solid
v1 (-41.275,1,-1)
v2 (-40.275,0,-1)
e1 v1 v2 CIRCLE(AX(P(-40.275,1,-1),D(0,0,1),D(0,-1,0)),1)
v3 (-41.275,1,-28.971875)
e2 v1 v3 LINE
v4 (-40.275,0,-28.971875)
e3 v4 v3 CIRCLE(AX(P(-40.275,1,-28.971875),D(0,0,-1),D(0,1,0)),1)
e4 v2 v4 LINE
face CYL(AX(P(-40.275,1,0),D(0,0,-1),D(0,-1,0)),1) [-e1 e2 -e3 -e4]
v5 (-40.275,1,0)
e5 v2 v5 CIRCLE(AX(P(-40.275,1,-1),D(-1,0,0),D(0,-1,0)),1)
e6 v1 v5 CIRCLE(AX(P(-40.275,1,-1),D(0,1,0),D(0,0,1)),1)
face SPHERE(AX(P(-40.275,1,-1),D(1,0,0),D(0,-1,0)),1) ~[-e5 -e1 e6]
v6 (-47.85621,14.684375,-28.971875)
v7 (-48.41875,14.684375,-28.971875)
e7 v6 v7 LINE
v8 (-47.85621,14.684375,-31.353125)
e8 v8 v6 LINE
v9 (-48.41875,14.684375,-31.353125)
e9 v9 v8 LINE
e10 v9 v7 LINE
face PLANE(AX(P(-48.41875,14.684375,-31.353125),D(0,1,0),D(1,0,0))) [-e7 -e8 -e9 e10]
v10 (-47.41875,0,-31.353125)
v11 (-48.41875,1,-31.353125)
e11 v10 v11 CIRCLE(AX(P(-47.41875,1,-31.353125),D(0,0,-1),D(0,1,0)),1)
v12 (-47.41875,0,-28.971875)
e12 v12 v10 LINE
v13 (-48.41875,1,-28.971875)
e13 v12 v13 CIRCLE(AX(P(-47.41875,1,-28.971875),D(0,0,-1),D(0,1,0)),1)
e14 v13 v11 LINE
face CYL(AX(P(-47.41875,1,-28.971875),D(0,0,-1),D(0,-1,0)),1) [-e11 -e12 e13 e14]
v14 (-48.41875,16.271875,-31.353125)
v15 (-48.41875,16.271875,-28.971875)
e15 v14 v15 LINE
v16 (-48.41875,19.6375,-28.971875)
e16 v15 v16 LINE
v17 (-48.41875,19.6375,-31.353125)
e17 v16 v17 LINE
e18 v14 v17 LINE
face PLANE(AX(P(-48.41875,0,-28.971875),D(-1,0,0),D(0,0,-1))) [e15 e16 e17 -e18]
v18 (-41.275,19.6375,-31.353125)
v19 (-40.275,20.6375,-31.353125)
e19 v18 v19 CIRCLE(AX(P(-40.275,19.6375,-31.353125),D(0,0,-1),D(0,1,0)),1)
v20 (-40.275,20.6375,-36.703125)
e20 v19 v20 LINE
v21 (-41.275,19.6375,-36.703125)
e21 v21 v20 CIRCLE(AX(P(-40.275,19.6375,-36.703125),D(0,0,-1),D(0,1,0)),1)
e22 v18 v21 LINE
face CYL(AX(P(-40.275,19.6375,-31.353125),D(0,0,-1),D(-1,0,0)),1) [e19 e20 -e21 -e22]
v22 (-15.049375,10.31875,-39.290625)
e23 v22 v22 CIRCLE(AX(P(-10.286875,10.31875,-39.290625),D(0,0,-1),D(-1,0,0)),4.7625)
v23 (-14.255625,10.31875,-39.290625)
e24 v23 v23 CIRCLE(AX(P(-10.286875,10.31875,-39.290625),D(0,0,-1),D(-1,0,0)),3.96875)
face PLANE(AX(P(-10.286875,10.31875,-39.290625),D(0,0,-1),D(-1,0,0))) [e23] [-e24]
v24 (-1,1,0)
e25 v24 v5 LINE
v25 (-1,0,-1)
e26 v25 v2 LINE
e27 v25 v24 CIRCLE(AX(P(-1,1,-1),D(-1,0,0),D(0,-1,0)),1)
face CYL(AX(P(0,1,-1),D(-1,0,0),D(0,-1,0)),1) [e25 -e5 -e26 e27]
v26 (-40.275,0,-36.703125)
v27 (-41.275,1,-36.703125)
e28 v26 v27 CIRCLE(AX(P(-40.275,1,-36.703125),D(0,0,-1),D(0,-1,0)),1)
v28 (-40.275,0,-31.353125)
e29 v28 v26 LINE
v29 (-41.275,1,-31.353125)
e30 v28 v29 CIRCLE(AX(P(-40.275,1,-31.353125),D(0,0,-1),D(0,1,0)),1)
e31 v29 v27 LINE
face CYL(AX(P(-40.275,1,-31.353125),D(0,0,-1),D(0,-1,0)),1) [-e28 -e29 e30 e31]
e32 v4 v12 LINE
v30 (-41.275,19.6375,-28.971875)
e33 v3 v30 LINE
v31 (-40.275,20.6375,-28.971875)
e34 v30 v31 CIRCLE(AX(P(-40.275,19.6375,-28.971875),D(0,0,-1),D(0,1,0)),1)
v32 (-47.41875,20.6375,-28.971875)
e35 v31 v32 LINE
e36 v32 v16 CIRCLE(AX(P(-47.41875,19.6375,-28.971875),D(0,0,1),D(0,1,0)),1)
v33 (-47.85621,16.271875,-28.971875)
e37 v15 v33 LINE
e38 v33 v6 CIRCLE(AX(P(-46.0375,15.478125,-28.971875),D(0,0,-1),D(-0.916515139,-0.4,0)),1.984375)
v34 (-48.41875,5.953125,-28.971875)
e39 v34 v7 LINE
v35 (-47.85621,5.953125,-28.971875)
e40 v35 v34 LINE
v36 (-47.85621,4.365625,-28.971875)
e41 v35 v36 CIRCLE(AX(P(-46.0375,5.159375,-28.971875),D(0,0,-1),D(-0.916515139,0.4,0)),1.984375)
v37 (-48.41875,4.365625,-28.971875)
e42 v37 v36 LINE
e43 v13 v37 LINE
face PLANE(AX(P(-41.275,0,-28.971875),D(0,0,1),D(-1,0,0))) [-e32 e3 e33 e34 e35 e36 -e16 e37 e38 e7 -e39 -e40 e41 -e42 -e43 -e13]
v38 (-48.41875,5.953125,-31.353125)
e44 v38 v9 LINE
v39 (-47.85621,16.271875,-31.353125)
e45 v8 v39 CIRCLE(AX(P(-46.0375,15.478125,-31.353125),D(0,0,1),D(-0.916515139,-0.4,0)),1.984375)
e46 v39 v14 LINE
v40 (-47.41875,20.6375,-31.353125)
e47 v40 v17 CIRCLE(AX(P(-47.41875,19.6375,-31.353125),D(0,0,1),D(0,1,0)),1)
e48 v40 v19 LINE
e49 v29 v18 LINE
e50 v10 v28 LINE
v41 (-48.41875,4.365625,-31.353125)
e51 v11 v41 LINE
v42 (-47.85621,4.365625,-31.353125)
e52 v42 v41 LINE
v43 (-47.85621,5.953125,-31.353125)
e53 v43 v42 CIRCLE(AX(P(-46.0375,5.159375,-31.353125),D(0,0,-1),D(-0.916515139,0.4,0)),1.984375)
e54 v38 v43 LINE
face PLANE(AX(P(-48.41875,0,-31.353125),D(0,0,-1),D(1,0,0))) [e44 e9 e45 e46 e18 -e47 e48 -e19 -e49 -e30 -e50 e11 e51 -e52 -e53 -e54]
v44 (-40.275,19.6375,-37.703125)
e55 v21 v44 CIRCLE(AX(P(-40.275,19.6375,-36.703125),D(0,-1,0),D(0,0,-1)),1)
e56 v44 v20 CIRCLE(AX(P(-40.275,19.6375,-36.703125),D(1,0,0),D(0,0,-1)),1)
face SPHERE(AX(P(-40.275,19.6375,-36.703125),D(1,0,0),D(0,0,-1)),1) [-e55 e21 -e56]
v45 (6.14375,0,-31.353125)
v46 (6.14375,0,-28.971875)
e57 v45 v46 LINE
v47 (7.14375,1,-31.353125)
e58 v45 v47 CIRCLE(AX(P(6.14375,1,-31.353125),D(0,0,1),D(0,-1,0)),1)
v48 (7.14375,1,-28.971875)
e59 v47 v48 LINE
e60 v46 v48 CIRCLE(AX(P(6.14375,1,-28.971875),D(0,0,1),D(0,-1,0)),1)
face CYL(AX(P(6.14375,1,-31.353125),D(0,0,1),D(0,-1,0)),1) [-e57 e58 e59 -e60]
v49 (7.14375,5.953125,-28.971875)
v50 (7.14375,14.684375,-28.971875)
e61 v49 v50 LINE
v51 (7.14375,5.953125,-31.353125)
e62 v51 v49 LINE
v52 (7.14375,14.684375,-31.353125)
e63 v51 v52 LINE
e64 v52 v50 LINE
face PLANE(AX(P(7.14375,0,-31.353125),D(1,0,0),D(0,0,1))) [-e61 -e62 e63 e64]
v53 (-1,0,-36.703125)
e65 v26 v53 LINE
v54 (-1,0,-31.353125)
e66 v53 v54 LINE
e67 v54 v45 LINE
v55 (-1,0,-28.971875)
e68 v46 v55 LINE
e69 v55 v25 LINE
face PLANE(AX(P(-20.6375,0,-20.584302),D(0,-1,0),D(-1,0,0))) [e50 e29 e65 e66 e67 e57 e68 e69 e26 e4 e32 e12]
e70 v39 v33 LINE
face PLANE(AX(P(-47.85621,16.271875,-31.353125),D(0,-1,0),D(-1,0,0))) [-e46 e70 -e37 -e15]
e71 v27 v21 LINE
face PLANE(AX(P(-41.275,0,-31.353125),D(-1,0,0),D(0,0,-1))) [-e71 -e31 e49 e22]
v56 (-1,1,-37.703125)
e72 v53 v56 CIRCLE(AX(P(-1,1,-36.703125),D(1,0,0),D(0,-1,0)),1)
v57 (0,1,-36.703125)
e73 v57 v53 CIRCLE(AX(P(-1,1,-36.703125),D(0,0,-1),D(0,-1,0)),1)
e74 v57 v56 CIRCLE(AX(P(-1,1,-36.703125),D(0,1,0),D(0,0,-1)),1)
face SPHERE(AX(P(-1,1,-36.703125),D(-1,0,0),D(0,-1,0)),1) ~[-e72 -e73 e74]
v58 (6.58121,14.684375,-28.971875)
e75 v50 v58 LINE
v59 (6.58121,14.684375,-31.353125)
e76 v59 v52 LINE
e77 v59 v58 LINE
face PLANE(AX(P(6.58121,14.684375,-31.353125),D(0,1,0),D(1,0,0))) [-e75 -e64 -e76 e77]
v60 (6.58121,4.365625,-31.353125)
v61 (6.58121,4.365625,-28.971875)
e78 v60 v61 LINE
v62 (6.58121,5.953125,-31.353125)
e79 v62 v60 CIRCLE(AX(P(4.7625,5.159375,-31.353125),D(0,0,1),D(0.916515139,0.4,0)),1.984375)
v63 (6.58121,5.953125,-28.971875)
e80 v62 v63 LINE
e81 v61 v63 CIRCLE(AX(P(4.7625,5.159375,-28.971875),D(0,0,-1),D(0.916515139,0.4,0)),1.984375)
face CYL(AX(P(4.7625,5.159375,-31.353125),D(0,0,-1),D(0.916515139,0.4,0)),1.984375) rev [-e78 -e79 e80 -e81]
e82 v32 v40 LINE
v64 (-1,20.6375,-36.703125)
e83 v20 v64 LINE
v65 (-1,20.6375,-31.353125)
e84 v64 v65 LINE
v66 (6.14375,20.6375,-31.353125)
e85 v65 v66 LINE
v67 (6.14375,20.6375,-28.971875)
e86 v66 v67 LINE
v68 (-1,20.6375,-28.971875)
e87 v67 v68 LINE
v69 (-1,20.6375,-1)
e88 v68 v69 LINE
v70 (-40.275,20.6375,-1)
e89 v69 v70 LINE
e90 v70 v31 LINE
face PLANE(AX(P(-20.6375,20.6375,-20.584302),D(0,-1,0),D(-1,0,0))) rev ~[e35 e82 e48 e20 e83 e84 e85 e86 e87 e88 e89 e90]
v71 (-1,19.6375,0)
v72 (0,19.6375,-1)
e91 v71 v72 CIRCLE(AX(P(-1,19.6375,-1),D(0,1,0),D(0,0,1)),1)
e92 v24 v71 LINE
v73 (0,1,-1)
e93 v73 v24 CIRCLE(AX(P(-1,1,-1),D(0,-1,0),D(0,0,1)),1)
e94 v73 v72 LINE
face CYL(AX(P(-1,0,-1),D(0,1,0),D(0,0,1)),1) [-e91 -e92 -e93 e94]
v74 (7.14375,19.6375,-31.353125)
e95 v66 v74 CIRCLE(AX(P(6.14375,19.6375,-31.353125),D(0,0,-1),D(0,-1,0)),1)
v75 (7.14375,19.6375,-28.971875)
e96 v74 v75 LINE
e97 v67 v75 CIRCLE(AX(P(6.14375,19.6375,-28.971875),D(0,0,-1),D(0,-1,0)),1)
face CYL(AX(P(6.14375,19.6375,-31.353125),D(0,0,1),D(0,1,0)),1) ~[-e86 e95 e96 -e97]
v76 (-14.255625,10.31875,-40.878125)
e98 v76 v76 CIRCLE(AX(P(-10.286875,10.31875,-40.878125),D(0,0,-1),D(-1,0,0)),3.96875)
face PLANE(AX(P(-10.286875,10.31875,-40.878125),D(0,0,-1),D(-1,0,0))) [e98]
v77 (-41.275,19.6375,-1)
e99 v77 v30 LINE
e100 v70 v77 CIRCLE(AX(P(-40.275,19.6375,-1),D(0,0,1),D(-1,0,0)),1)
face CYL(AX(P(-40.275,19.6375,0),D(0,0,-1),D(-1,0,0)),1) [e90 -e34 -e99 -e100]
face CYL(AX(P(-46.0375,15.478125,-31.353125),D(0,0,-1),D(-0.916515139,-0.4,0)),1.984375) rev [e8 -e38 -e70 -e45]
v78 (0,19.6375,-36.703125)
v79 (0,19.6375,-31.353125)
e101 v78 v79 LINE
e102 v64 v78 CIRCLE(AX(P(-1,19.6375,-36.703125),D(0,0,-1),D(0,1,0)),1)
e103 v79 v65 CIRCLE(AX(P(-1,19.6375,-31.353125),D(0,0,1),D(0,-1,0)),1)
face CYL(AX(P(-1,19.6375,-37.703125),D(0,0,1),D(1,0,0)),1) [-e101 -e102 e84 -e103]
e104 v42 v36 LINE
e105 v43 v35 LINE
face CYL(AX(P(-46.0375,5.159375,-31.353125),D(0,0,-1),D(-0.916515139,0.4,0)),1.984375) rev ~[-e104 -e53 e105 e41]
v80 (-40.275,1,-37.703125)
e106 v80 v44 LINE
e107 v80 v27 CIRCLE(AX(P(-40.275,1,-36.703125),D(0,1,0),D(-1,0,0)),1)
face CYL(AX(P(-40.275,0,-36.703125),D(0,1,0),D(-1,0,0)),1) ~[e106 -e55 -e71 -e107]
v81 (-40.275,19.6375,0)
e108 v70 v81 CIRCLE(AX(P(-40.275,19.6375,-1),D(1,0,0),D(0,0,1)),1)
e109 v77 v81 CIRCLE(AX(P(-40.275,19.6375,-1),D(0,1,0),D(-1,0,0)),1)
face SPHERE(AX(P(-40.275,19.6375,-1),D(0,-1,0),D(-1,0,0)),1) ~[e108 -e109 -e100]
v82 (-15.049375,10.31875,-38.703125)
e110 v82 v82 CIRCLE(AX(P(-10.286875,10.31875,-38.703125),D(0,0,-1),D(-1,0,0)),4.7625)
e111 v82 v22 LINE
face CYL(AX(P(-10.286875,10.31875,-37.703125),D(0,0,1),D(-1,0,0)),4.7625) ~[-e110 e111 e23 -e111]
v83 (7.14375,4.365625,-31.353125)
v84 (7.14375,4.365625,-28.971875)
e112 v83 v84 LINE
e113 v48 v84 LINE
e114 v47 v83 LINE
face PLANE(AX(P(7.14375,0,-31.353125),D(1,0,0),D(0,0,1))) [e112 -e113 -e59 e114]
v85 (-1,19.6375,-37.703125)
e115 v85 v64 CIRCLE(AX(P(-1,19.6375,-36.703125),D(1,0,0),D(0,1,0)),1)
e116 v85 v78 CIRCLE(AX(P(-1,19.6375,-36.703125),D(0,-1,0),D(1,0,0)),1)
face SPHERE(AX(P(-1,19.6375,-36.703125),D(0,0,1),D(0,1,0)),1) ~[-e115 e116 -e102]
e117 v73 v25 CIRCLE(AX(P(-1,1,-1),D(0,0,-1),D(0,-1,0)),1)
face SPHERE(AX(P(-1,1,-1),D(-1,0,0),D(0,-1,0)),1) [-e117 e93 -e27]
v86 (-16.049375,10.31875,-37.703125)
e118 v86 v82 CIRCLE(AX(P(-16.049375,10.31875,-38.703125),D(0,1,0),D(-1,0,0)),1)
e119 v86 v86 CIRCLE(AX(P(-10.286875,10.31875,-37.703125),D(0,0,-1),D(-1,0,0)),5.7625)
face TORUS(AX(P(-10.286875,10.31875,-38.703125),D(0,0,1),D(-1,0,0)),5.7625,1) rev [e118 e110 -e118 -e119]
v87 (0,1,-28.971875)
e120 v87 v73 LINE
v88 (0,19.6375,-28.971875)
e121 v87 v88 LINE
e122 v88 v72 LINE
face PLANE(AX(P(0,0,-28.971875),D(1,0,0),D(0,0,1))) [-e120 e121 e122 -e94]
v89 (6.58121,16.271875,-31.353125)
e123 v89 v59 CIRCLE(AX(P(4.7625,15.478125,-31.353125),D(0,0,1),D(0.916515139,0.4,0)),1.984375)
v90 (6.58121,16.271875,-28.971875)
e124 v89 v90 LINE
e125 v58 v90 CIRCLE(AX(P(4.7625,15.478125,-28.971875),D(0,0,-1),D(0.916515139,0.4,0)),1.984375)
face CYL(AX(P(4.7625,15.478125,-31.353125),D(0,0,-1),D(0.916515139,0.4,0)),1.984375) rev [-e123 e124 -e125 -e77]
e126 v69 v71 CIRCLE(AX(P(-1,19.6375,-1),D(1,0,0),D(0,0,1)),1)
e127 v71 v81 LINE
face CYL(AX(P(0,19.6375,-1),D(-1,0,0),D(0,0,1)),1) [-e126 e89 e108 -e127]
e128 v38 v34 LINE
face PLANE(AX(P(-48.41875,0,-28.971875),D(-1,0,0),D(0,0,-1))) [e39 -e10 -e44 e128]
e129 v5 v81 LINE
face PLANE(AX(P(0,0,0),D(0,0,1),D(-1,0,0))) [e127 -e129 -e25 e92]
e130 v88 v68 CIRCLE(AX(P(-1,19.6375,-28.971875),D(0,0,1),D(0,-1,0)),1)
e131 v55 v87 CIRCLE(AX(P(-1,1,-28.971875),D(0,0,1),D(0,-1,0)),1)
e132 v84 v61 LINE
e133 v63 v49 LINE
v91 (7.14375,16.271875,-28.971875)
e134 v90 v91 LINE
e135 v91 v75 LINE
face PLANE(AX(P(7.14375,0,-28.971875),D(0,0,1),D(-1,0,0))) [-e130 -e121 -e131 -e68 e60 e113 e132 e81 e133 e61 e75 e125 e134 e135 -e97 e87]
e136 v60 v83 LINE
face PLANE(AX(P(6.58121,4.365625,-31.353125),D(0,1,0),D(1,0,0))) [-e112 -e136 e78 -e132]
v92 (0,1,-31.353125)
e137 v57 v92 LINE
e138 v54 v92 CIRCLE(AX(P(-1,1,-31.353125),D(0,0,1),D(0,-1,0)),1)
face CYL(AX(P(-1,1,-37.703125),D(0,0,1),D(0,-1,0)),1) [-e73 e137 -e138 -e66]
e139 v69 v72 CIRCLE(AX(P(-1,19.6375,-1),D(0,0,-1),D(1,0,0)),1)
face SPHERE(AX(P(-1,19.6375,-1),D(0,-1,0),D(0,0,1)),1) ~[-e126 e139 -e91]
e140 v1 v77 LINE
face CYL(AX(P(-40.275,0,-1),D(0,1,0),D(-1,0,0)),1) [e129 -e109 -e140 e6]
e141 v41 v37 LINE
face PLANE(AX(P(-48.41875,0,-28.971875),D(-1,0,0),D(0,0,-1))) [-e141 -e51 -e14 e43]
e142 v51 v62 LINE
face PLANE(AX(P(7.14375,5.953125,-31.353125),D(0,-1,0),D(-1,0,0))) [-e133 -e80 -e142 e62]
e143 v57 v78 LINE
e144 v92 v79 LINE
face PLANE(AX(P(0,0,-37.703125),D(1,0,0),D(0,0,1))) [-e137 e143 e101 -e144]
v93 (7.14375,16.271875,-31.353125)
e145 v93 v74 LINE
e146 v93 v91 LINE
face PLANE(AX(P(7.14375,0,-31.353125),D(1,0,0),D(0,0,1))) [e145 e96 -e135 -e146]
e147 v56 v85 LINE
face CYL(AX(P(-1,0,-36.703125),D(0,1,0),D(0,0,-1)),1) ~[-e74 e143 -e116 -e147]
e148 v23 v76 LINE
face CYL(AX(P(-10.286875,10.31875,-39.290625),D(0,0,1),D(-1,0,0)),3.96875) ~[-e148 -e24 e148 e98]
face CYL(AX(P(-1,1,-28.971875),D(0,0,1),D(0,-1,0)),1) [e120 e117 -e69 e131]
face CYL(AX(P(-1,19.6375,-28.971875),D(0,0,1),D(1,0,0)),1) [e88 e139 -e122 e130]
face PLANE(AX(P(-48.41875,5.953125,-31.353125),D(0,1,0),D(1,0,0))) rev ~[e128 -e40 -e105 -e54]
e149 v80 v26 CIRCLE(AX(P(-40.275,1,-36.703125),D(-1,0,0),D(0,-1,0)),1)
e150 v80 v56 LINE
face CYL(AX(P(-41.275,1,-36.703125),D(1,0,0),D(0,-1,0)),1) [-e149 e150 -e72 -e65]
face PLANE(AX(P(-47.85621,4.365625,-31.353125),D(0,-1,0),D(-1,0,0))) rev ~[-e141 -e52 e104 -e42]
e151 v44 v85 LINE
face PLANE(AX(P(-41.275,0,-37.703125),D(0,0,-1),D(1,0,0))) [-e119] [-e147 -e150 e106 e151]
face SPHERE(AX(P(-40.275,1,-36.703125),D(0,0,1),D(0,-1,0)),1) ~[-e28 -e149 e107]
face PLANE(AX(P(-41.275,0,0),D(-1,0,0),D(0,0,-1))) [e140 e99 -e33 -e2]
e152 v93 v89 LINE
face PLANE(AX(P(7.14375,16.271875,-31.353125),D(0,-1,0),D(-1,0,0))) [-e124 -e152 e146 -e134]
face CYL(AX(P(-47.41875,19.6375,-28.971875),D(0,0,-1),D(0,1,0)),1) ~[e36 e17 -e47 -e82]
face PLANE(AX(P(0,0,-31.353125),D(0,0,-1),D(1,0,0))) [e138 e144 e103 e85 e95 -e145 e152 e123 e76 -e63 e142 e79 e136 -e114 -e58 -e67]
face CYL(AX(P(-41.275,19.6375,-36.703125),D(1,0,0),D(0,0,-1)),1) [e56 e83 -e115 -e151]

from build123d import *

# Parameters (mm, degrees)
BOSS_EXTRUDE1_DEPTH = 20.6375
CUT_EXTRUDE1_DEPTH  = 32.353125
FILLET1_R           = 1
FILLET2_R           = 1
SKETCH3_R           = 4.7625
BOSS_EXTRUDE2_DEPTH = 1.5875
FILLET3_R           = 1
SKETCH4_R           = 3.96875
BOSS_EXTRUDE3_DEPTH = 1.5875


with BuildPart() as part:
    # Sketch1 → Boss-Extrude1 (new body)
    with BuildSketch(Plane(origin=(0, 0, 0), x_dir=(1, 0, 0), z_dir=(0, 1, 0))):
        Polygon((0, 0), (-41.275, 0), (-41.275, 28.971875), (-48.41875, 28.971875), (-48.41875, 31.353125), (-41.275, 31.353125), (-41.275, 37.703125), (0, 37.703125), (0, 31.353125), (7.14375, 31.353125), (7.14375, 28.971875), (0, 28.971875), align=None)
    extrude(amount=BOSS_EXTRUDE1_DEPTH)

    # Sketch2 → Cut-Extrude1 (cut, through all)
    with BuildSketch(Plane(origin=(0, 0, -31.353125), x_dir=(-1, 0, 0), z_dir=(0, 0, -1))):
        with BuildLine():
            Line((-7.14375, 16.271875), (-6.581209729, 16.271875))
            ThreePointArc((-6.581209729, 16.271875), (-2.778125, 15.478125), (-6.581209729, 14.684375))
            Line((-6.581209729, 14.684375), (-7.14375, 14.684375))
            Line((-7.14375, 14.684375), (-7.14375, 16.271875))
        make_face()
        with BuildLine():
            Line((47.856209729, 16.271875), (48.41875, 16.271875))
            Line((48.41875, 16.271875), (48.41875, 14.684375))
            Line((48.41875, 14.684375), (47.856209729, 14.684375))
            ThreePointArc((47.856209729, 14.684375), (44.053125, 15.478125), (47.856209729, 16.271875))
        make_face()
        with BuildLine():
            Line((47.856209729, 4.365625), (48.41875, 4.365625))
            Line((48.41875, 4.365625), (48.41875, 5.953125))
            Line((48.41875, 5.953125), (47.856209729, 5.953125))
            ThreePointArc((47.856209729, 5.953125), (44.053125, 5.159375), (47.856209729, 4.365625))
        make_face()
        with BuildLine():
            Line((-7.14375, 5.953125), (-6.581209729, 5.953125))
            ThreePointArc((-6.581209729, 5.953125), (-2.778125, 5.159375), (-6.581209729, 4.365625))
            Line((-6.581209729, 4.365625), (-7.14375, 4.365625))
            Line((-7.14375, 4.365625), (-7.14375, 5.953125))
        make_face()
    extrude(amount=-CUT_EXTRUDE1_DEPTH, mode=Mode.SUBTRACT)

    # Fillet1
    fillet1_edges = [part.edges().sort_by_distance(p)[0] for p in [
        (7.14375, 20.6375, -30.1625),
        (-48.41875, 0, -30.1625),
        (7.14375, 0, -30.1625),
        (-48.41875, 20.6375, -30.1625),
    ]]
    fillet(fillet1_edges, radius=FILLET1_R)

    # Fillet2
    fillet2_edges = [part.edges().sort_by_distance(p)[0] for p in [
        (-20.6375, 0, 0),
        (-41.275, 0, -14.4859375),
        (-41.275, 0, -34.528125),
        (-20.6375, 0, -37.703125),
        (0, 0, -34.528125),
        (0, 0, -14.4859375),
        (0, 20.6375, -34.528125),
        (-20.6375, 20.6375, -37.703125),
        (0, 10.31875, 0),
        (-41.275, 10.31875, 0),
        (-41.275, 10.31875, -37.703125),
        (0, 10.31875, -37.703125),
        (-41.275, 20.6375, -34.528125),
        (-41.275, 20.6375, -14.4859375),
        (-20.6375, 20.6375, 0),
        (0, 20.6375, -14.4859375),
    ]]
    fillet(fillet2_edges, radius=FILLET2_R)

    # Sketch3 → Boss-Extrude2 (add)
    with BuildSketch(Plane(origin=(0, 0, -37.703125), x_dir=(-1, 0, 0), z_dir=(0, 0, -1))):
        with Locations((10.286875, 10.31875)):
            Circle(SKETCH3_R)
    extrude(amount=BOSS_EXTRUDE2_DEPTH)

    # Fillet3
    fillet3_edges = [part.edges().sort_by_distance(p)[0] for p in [
        (-5.524375, 10.31875, -37.703125),
    ]]
    fillet(fillet3_edges, radius=FILLET3_R)

    # Sketch4 → Boss-Extrude3 (add)
    with BuildSketch(Plane(origin=(0, 0, -39.290625), x_dir=(-1, 0, 0), z_dir=(0, 0, -1))):
        with Locations((10.286875, 10.31875)):
            Circle(SKETCH4_R)
    extrude(amount=BOSS_EXTRUDE3_DEPTH)


solid = part.part
